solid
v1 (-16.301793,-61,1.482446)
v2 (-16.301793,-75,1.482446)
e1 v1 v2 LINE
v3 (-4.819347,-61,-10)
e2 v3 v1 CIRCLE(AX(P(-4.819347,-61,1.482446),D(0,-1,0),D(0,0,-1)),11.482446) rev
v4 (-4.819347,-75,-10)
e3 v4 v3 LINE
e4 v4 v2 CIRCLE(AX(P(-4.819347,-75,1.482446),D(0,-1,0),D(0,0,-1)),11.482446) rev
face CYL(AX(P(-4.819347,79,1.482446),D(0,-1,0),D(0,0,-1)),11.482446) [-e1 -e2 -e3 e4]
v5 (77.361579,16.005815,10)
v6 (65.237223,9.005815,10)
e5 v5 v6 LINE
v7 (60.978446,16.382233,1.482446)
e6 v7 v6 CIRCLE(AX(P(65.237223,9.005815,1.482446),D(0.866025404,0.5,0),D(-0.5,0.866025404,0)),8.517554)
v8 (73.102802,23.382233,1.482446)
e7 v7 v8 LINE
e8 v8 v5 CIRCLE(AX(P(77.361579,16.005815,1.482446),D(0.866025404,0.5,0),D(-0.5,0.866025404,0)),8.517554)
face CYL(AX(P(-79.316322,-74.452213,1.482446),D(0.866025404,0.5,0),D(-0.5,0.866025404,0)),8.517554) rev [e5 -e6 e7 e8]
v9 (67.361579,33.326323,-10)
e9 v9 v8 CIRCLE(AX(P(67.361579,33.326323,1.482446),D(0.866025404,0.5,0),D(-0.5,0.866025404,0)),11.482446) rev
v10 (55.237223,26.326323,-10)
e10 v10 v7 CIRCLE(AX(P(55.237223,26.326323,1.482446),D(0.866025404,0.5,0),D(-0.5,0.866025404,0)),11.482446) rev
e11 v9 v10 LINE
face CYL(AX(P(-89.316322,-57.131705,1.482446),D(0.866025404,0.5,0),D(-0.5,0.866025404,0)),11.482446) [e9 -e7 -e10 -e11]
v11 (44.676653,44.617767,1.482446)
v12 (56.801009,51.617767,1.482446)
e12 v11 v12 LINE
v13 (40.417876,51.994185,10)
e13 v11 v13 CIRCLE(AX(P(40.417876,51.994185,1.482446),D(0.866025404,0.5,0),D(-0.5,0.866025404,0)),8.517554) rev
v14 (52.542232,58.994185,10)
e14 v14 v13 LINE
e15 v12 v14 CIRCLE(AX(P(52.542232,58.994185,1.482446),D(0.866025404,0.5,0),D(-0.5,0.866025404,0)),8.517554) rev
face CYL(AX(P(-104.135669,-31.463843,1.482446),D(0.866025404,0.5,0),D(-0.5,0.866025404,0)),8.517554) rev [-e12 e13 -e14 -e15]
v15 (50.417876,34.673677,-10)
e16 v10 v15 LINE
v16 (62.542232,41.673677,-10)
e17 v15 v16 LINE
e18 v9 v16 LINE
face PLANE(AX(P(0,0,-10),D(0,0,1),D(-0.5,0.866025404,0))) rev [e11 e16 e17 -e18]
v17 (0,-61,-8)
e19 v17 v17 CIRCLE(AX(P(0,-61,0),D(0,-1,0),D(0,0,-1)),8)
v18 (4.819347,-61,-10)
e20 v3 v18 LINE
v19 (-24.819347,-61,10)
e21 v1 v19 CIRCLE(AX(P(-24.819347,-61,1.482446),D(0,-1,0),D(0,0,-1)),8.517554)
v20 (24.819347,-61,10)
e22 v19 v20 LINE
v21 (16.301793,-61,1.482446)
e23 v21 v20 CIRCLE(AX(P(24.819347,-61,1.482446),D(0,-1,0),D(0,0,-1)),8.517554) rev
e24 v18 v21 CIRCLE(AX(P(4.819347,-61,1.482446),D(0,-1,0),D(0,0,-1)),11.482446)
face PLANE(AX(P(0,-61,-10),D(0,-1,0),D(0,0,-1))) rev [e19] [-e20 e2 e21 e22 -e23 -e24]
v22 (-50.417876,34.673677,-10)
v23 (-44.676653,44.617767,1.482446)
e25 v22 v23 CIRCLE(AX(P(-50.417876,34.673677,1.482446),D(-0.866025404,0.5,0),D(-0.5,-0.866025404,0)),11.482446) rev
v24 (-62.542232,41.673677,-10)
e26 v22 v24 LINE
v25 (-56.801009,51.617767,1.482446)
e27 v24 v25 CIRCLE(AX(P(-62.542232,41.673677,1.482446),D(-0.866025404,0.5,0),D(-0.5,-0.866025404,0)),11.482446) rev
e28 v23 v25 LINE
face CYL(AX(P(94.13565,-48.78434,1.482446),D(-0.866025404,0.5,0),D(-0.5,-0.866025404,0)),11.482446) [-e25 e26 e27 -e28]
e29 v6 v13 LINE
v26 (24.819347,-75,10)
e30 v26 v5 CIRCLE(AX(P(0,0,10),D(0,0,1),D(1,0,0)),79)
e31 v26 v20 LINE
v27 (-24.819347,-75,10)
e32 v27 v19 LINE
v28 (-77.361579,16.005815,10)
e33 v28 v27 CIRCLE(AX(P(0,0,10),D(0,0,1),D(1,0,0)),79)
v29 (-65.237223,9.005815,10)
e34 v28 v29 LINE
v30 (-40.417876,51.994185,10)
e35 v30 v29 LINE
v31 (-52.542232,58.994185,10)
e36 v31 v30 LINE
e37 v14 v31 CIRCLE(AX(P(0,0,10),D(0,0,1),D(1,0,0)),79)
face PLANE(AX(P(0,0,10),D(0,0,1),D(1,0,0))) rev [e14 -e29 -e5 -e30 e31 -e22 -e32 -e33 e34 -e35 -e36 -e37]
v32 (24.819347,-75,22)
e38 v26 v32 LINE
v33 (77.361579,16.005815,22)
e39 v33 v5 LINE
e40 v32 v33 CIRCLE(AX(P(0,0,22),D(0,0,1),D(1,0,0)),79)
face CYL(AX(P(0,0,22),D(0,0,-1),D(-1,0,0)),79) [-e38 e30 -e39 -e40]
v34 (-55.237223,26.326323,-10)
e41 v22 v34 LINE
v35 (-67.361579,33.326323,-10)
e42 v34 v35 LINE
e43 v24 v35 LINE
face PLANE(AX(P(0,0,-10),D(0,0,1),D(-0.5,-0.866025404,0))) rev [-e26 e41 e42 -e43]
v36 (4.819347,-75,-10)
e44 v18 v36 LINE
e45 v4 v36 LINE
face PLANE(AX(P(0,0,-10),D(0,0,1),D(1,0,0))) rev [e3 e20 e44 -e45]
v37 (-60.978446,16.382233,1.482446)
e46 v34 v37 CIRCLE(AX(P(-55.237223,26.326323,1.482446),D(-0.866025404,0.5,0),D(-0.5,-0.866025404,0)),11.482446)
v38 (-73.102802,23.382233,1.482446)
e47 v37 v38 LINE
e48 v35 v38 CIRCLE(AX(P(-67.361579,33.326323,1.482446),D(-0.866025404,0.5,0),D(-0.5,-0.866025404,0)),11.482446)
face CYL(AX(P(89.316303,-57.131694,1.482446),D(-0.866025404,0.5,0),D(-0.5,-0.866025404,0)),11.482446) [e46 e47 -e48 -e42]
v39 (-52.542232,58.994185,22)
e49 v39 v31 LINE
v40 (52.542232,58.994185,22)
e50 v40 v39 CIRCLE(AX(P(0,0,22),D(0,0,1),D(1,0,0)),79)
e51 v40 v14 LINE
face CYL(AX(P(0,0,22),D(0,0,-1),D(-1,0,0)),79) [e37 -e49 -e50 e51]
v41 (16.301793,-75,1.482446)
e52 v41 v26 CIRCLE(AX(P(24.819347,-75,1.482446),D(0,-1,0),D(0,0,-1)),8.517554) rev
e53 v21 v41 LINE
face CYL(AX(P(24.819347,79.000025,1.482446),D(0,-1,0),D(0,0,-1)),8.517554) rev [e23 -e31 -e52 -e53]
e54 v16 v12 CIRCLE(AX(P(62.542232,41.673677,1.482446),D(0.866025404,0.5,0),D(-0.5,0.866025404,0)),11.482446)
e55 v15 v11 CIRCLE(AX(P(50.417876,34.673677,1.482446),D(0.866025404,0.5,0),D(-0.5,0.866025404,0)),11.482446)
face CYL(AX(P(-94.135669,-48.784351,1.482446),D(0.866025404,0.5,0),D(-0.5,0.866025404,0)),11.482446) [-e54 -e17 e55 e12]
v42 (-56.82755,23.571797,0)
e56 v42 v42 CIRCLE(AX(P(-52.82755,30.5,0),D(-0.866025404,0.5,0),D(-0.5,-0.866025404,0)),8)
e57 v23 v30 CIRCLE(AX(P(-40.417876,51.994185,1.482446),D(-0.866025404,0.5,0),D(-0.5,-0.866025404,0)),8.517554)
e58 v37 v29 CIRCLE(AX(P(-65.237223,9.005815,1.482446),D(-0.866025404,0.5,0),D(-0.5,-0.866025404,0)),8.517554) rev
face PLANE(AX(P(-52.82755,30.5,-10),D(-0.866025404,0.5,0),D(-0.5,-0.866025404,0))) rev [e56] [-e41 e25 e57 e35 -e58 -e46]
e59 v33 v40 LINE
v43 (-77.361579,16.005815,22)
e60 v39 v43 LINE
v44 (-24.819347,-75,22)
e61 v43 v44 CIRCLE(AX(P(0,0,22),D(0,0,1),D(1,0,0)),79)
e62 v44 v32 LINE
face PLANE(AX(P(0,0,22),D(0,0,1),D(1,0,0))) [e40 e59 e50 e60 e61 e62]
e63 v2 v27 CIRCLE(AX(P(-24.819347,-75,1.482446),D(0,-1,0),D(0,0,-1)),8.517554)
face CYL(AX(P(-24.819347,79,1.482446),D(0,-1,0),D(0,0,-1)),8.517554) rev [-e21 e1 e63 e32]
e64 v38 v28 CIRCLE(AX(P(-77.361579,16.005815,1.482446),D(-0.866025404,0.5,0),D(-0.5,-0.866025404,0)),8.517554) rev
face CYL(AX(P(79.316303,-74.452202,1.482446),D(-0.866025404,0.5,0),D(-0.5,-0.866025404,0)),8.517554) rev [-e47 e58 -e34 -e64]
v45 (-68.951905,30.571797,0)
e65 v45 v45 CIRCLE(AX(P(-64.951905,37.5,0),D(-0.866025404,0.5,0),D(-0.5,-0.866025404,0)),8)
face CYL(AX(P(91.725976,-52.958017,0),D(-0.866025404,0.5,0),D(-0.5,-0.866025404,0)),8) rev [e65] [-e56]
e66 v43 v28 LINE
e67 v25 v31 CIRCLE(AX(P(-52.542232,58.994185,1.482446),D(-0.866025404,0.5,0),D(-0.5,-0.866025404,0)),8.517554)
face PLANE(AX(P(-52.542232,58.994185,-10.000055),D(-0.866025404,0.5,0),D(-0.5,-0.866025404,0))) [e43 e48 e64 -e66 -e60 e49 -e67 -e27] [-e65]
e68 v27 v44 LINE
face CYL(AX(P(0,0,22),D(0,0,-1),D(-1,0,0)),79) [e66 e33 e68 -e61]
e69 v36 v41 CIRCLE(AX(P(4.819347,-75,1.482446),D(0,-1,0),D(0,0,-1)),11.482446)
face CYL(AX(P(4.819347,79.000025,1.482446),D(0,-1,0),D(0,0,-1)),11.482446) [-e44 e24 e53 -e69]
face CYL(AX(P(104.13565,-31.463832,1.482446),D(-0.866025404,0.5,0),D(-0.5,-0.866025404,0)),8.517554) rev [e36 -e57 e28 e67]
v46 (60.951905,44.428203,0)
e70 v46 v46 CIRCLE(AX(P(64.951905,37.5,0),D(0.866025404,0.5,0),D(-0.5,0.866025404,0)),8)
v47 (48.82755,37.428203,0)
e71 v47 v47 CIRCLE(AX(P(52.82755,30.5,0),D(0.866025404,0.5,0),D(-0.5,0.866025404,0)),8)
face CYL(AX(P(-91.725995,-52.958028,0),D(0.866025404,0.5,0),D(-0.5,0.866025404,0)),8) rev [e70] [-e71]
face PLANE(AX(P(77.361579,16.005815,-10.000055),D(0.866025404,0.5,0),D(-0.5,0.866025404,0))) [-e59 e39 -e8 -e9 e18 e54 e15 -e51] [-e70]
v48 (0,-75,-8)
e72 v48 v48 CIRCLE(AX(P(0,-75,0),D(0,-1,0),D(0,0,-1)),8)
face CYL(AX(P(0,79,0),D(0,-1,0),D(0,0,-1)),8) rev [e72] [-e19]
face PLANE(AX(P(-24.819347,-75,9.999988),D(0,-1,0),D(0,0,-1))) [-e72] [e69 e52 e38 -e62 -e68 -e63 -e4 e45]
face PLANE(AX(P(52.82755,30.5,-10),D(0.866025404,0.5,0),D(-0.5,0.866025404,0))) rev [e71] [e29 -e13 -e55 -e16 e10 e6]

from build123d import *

# Parameters (mm, degrees)
SKETCH2_R                   = 79
BOSS_EXTRUDE1_DEPTH         = 12
SKETCH2_3_W                 = 49.638694584
SKETCH2_3_H                 = 14
CUT_EXTRUDE1_DEPTH          = 113.365475125
SKETCH2_4_W                 = 49.638694584
SKETCH2_4_H                 = 14
BOSS_EXTRUDE2_DEPTH         = 20
SKETCH3_R                   = 8
CUT_EXTRUDE2_DEPTH          = 175.232603149
CIRPATTERN1_COUNT           = 3
CIRPATTERN1_COPY_1_SKETCH_R = 8
CIRPATTERN1_COPY_1_DEPTH    = 175.232603149
CIRPATTERN1_COPY_2_SKETCH_R = 8
CIRPATTERN1_COPY_2_DEPTH    = 175.232603149


with BuildPart() as part:
    # Sketch2 → Boss-Extrude1 (new body)
    with BuildSketch(Plane.XY):
        Circle(SKETCH2_R)
    extrude(amount=BOSS_EXTRUDE1_DEPTH)

    # Sketch2<3> → Cut-Extrude1 (cut, symmetric)
    with BuildSketch(Plane.XY):
        with Locations((0, -82)):
            Rectangle(SKETCH2_3_W, SKETCH2_3_H)
    cut_extrude1 = extrude(amount=CUT_EXTRUDE1_DEPTH, both=True, mode=Mode.SUBTRACT)

    # Sketch2<4> → Boss-Extrude2 (add)
    with BuildSketch(Plane.XY):
        with Locations((0, -68)):
            Rectangle(SKETCH2_4_W, SKETCH2_4_H)
    boss_extrude2 = extrude(amount=-BOSS_EXTRUDE2_DEPTH)

    # Sketch3 → Cut-Extrude2 (cut, symmetric)
    with BuildSketch(Plane.XZ.offset(75)):
        with Locations(Location((0, -10, 0), (0, 0, 270))):
            Circle(SKETCH3_R)
        with BuildLine():
            Line((-24.819347292, 0), (-24.819347292, -20))
            Line((-24.819347292, -20), (-4.819347292, -20))
            ThreePointArc((-4.819347292, -20), (-12.938662868, -16.636869371), (-16.301793497, -8.517553795))
            ThreePointArc((-16.301793497, -8.517553795), (-18.796527244, -2.494733747), (-24.819347292, 0))
        make_face()
    cut_extrude2 = extrude(amount=CUT_EXTRUDE2_DEPTH, both=True, mode=Mode.SUBTRACT)

    # Mirror1: Cut-Extrude2 across plane
    add(cut_extrude2.mirror(Plane(origin=(0, 0, 0), x_dir=(0, 0, 1), z_dir=(1, 0, 0))), mode=Mode.SUBTRACT)

    # CirPattern1: Cut-Extrude1, Boss-Extrude2, Cut-Extrude2 ×3 about axis
    cirpattern1_axis = Axis((0, 0, 0), (0, 0, 1))
    add([cut_extrude1.rotate(cirpattern1_axis, i * 360 / CIRPATTERN1_COUNT) for i in range(1, CIRPATTERN1_COUNT)], mode=Mode.SUBTRACT)
    add([boss_extrude2.rotate(cirpattern1_axis, i * 360 / CIRPATTERN1_COUNT) for i in range(1, CIRPATTERN1_COUNT)])
    add([cut_extrude2.rotate(cirpattern1_axis, i * 360 / CIRPATTERN1_COUNT) for i in range(1, CIRPATTERN1_COUNT)], mode=Mode.SUBTRACT)

    # CirPattern1 copy 1 sketch → CirPattern1 copy 1 (cut, symmetric)
    with BuildSketch(Plane(origin=(64.951905284, 37.5, 0), x_dir=(0.4999999999999998, -0.8660254037844387, 0), z_dir=(0.8660254037844387, 0.4999999999999998, 0))):
        with Locations((0, 10)):
            Circle(CIRPATTERN1_COPY_1_SKETCH_R)
        with BuildLine():
            Line((-24.819347292, 0), (-24.819347292, 20))
            Line((-24.819347292, 20), (-4.819347292, 20))
            ThreePointArc((-4.819347292, 20), (-12.938662868, 16.636869371), (-16.301793497, 8.517553795))
            ThreePointArc((-16.301793497, 8.517553795), (-18.796527244, 2.494733747), (-24.819347292, 0))
        make_face()
    extrude(amount=CIRPATTERN1_COPY_1_DEPTH, both=True, mode=Mode.SUBTRACT)

    # CirPattern1 copy 2 sketch → CirPattern1 copy 2 (cut, symmetric)
    with BuildSketch(Plane(origin=(-64.951905284, 37.5, 0), x_dir=(0.5000000000000004, 0.8660254037844384, 0), z_dir=(-0.8660254037844384, 0.5000000000000004, 0))):
        with Locations((0, 10)):
            Circle(CIRPATTERN1_COPY_2_SKETCH_R)
        with BuildLine():
            Line((-24.819347292, 0), (-24.819347292, 20))
            Line((-24.819347292, 20), (-4.819347292, 20))
            ThreePointArc((-4.819347292, 20), (-12.938662868, 16.636869371), (-16.301793497, 8.517553795))
            ThreePointArc((-16.301793497, 8.517553795), (-18.796527244, 2.494733747), (-24.819347292, 0))
        make_face()
    extrude(amount=CIRPATTERN1_COPY_2_DEPTH, both=True, mode=Mode.SUBTRACT)


with BuildPart() as part_1:
    # Body-Move/Copy1: moved
    add(part.part.moved(Location((0, -5e-08, 10))))


solid = part_1.part
